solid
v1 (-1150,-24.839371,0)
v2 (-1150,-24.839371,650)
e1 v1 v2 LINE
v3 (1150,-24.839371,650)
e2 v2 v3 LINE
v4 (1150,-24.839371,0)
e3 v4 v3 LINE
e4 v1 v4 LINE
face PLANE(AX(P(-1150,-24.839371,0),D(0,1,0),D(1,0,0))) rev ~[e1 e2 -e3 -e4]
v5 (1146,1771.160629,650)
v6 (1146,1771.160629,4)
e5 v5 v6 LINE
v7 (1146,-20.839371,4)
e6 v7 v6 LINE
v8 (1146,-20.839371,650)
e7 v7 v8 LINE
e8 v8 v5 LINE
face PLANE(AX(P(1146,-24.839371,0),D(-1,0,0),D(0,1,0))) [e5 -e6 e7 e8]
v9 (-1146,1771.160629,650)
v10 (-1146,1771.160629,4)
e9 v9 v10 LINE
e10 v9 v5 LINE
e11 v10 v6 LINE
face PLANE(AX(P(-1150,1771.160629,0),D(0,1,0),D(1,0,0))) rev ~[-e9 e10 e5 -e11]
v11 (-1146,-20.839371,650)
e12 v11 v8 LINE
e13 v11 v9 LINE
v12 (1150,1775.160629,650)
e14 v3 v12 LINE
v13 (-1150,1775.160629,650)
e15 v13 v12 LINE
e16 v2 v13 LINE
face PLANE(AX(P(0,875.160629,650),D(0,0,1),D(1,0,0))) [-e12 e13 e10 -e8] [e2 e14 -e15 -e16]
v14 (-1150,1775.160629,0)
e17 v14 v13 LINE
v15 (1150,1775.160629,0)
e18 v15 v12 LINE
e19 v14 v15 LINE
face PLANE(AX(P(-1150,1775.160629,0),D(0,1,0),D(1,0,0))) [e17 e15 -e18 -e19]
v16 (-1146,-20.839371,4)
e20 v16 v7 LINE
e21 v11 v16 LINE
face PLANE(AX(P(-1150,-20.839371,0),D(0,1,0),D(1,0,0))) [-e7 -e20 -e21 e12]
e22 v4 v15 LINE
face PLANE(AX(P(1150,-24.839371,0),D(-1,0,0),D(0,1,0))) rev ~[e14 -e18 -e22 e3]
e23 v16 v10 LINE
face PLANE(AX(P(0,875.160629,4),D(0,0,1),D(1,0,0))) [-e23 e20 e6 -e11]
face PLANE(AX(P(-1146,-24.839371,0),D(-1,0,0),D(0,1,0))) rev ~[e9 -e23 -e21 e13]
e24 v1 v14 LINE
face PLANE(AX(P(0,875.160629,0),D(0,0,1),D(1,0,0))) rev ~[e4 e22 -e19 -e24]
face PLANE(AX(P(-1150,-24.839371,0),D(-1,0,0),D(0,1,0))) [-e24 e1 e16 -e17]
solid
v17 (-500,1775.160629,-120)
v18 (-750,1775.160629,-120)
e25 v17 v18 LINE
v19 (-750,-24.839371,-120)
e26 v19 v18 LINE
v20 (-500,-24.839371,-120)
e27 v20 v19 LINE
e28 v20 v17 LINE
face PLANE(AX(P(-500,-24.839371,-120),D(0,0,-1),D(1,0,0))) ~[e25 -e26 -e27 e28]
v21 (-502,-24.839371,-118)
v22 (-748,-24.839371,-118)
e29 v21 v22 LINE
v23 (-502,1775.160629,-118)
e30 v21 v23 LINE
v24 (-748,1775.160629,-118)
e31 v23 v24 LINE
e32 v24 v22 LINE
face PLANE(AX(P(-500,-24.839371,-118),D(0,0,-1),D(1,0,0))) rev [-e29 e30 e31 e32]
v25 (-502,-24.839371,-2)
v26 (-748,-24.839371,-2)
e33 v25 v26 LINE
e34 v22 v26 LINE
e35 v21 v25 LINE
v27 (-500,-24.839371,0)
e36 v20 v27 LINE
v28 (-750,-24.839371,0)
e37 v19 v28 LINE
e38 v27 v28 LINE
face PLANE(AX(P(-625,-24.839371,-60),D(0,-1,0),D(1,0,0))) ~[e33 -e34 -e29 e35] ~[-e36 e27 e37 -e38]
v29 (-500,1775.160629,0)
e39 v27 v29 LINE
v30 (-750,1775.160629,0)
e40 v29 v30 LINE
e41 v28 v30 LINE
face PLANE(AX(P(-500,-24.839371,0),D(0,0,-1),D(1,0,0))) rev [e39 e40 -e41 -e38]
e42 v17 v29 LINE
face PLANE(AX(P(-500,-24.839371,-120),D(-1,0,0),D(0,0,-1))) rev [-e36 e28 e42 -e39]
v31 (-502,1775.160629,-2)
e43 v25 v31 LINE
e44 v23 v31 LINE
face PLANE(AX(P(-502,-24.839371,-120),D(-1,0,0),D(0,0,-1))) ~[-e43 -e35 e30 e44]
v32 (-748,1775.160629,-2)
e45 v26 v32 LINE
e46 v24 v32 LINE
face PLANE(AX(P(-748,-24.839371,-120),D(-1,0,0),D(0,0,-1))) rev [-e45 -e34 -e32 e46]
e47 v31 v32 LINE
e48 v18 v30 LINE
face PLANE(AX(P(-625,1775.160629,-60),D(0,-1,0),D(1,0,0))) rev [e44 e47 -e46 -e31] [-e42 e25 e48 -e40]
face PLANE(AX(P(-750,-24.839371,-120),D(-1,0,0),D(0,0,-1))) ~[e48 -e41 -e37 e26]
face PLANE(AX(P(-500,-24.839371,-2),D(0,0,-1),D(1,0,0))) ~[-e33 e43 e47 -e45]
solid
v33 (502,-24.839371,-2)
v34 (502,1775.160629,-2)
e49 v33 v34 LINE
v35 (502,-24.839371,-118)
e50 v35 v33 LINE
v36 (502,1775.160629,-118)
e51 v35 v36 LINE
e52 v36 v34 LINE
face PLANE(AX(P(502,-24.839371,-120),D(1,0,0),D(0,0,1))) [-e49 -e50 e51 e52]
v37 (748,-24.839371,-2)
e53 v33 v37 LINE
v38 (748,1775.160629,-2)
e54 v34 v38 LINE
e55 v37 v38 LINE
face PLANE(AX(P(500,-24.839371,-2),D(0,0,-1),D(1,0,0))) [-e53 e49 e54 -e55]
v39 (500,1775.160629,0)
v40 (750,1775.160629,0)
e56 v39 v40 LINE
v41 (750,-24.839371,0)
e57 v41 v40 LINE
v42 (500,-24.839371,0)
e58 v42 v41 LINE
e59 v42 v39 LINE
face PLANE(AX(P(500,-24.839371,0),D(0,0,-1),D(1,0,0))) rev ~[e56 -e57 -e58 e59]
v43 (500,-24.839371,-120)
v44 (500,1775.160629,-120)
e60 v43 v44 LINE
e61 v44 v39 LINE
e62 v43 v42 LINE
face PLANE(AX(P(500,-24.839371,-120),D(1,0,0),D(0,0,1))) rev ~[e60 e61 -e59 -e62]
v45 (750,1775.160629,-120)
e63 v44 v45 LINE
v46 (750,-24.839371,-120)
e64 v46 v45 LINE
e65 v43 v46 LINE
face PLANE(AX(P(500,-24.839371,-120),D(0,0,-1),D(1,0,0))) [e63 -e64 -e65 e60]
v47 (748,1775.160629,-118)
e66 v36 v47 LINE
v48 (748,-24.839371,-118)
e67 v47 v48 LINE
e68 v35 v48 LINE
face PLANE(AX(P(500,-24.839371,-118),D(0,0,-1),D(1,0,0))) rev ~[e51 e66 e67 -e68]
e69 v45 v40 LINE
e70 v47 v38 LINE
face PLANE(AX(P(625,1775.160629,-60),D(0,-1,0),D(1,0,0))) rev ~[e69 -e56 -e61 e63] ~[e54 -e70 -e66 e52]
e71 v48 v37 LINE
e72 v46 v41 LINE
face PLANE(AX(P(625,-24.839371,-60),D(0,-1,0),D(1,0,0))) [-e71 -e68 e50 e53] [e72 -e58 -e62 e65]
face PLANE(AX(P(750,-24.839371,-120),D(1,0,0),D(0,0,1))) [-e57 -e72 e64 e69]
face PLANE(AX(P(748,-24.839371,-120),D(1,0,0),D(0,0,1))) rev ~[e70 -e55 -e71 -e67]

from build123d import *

# Parameters (mm, degrees)
F0_W     = 2300
F0_H     = 1800
F1_DEPTH = 650
F2_T     = -4
F3_W     = 250
F3_H     = 120
F4_DEPTH = 1800
F5_T     = -2


with BuildPart() as f1:
    # F0 (on Top) → F1 (new body)
    with BuildSketch(Plane.XY):
        with Locations((0, 875.160629)):
            Rectangle(F0_W, F0_H)
    extrude(amount=F1_DEPTH)

    # F2
    f2_openings = [f1.faces().sort_by_distance(p)[0] for p in [
        (0, 875.160629, 650),
    ]]
    offset(amount=F2_T, openings=f2_openings)


with BuildPart() as f4:
    # F3 (on face) → F4 (new body, through all)
    with BuildSketch(Plane.XZ.offset(24.839371)):
        with Locations((625, -60)):
            Rectangle(F3_W, F3_H)
    extrude(amount=-F4_DEPTH)

    # F5
    f5_openings = [f4.faces().sort_by_distance(p)[0] for p in [
        (625, -24.839371, -60),
        (625, 1775.160629, -60),
    ]]
    offset(amount=F5_T, openings=f5_openings)


with BuildPart() as f6_1:
    # F6: instance of F4
    add(f4.part.mirror(Plane.YZ))


solid = Compound([f1.part, f4.part, f6_1.part])
